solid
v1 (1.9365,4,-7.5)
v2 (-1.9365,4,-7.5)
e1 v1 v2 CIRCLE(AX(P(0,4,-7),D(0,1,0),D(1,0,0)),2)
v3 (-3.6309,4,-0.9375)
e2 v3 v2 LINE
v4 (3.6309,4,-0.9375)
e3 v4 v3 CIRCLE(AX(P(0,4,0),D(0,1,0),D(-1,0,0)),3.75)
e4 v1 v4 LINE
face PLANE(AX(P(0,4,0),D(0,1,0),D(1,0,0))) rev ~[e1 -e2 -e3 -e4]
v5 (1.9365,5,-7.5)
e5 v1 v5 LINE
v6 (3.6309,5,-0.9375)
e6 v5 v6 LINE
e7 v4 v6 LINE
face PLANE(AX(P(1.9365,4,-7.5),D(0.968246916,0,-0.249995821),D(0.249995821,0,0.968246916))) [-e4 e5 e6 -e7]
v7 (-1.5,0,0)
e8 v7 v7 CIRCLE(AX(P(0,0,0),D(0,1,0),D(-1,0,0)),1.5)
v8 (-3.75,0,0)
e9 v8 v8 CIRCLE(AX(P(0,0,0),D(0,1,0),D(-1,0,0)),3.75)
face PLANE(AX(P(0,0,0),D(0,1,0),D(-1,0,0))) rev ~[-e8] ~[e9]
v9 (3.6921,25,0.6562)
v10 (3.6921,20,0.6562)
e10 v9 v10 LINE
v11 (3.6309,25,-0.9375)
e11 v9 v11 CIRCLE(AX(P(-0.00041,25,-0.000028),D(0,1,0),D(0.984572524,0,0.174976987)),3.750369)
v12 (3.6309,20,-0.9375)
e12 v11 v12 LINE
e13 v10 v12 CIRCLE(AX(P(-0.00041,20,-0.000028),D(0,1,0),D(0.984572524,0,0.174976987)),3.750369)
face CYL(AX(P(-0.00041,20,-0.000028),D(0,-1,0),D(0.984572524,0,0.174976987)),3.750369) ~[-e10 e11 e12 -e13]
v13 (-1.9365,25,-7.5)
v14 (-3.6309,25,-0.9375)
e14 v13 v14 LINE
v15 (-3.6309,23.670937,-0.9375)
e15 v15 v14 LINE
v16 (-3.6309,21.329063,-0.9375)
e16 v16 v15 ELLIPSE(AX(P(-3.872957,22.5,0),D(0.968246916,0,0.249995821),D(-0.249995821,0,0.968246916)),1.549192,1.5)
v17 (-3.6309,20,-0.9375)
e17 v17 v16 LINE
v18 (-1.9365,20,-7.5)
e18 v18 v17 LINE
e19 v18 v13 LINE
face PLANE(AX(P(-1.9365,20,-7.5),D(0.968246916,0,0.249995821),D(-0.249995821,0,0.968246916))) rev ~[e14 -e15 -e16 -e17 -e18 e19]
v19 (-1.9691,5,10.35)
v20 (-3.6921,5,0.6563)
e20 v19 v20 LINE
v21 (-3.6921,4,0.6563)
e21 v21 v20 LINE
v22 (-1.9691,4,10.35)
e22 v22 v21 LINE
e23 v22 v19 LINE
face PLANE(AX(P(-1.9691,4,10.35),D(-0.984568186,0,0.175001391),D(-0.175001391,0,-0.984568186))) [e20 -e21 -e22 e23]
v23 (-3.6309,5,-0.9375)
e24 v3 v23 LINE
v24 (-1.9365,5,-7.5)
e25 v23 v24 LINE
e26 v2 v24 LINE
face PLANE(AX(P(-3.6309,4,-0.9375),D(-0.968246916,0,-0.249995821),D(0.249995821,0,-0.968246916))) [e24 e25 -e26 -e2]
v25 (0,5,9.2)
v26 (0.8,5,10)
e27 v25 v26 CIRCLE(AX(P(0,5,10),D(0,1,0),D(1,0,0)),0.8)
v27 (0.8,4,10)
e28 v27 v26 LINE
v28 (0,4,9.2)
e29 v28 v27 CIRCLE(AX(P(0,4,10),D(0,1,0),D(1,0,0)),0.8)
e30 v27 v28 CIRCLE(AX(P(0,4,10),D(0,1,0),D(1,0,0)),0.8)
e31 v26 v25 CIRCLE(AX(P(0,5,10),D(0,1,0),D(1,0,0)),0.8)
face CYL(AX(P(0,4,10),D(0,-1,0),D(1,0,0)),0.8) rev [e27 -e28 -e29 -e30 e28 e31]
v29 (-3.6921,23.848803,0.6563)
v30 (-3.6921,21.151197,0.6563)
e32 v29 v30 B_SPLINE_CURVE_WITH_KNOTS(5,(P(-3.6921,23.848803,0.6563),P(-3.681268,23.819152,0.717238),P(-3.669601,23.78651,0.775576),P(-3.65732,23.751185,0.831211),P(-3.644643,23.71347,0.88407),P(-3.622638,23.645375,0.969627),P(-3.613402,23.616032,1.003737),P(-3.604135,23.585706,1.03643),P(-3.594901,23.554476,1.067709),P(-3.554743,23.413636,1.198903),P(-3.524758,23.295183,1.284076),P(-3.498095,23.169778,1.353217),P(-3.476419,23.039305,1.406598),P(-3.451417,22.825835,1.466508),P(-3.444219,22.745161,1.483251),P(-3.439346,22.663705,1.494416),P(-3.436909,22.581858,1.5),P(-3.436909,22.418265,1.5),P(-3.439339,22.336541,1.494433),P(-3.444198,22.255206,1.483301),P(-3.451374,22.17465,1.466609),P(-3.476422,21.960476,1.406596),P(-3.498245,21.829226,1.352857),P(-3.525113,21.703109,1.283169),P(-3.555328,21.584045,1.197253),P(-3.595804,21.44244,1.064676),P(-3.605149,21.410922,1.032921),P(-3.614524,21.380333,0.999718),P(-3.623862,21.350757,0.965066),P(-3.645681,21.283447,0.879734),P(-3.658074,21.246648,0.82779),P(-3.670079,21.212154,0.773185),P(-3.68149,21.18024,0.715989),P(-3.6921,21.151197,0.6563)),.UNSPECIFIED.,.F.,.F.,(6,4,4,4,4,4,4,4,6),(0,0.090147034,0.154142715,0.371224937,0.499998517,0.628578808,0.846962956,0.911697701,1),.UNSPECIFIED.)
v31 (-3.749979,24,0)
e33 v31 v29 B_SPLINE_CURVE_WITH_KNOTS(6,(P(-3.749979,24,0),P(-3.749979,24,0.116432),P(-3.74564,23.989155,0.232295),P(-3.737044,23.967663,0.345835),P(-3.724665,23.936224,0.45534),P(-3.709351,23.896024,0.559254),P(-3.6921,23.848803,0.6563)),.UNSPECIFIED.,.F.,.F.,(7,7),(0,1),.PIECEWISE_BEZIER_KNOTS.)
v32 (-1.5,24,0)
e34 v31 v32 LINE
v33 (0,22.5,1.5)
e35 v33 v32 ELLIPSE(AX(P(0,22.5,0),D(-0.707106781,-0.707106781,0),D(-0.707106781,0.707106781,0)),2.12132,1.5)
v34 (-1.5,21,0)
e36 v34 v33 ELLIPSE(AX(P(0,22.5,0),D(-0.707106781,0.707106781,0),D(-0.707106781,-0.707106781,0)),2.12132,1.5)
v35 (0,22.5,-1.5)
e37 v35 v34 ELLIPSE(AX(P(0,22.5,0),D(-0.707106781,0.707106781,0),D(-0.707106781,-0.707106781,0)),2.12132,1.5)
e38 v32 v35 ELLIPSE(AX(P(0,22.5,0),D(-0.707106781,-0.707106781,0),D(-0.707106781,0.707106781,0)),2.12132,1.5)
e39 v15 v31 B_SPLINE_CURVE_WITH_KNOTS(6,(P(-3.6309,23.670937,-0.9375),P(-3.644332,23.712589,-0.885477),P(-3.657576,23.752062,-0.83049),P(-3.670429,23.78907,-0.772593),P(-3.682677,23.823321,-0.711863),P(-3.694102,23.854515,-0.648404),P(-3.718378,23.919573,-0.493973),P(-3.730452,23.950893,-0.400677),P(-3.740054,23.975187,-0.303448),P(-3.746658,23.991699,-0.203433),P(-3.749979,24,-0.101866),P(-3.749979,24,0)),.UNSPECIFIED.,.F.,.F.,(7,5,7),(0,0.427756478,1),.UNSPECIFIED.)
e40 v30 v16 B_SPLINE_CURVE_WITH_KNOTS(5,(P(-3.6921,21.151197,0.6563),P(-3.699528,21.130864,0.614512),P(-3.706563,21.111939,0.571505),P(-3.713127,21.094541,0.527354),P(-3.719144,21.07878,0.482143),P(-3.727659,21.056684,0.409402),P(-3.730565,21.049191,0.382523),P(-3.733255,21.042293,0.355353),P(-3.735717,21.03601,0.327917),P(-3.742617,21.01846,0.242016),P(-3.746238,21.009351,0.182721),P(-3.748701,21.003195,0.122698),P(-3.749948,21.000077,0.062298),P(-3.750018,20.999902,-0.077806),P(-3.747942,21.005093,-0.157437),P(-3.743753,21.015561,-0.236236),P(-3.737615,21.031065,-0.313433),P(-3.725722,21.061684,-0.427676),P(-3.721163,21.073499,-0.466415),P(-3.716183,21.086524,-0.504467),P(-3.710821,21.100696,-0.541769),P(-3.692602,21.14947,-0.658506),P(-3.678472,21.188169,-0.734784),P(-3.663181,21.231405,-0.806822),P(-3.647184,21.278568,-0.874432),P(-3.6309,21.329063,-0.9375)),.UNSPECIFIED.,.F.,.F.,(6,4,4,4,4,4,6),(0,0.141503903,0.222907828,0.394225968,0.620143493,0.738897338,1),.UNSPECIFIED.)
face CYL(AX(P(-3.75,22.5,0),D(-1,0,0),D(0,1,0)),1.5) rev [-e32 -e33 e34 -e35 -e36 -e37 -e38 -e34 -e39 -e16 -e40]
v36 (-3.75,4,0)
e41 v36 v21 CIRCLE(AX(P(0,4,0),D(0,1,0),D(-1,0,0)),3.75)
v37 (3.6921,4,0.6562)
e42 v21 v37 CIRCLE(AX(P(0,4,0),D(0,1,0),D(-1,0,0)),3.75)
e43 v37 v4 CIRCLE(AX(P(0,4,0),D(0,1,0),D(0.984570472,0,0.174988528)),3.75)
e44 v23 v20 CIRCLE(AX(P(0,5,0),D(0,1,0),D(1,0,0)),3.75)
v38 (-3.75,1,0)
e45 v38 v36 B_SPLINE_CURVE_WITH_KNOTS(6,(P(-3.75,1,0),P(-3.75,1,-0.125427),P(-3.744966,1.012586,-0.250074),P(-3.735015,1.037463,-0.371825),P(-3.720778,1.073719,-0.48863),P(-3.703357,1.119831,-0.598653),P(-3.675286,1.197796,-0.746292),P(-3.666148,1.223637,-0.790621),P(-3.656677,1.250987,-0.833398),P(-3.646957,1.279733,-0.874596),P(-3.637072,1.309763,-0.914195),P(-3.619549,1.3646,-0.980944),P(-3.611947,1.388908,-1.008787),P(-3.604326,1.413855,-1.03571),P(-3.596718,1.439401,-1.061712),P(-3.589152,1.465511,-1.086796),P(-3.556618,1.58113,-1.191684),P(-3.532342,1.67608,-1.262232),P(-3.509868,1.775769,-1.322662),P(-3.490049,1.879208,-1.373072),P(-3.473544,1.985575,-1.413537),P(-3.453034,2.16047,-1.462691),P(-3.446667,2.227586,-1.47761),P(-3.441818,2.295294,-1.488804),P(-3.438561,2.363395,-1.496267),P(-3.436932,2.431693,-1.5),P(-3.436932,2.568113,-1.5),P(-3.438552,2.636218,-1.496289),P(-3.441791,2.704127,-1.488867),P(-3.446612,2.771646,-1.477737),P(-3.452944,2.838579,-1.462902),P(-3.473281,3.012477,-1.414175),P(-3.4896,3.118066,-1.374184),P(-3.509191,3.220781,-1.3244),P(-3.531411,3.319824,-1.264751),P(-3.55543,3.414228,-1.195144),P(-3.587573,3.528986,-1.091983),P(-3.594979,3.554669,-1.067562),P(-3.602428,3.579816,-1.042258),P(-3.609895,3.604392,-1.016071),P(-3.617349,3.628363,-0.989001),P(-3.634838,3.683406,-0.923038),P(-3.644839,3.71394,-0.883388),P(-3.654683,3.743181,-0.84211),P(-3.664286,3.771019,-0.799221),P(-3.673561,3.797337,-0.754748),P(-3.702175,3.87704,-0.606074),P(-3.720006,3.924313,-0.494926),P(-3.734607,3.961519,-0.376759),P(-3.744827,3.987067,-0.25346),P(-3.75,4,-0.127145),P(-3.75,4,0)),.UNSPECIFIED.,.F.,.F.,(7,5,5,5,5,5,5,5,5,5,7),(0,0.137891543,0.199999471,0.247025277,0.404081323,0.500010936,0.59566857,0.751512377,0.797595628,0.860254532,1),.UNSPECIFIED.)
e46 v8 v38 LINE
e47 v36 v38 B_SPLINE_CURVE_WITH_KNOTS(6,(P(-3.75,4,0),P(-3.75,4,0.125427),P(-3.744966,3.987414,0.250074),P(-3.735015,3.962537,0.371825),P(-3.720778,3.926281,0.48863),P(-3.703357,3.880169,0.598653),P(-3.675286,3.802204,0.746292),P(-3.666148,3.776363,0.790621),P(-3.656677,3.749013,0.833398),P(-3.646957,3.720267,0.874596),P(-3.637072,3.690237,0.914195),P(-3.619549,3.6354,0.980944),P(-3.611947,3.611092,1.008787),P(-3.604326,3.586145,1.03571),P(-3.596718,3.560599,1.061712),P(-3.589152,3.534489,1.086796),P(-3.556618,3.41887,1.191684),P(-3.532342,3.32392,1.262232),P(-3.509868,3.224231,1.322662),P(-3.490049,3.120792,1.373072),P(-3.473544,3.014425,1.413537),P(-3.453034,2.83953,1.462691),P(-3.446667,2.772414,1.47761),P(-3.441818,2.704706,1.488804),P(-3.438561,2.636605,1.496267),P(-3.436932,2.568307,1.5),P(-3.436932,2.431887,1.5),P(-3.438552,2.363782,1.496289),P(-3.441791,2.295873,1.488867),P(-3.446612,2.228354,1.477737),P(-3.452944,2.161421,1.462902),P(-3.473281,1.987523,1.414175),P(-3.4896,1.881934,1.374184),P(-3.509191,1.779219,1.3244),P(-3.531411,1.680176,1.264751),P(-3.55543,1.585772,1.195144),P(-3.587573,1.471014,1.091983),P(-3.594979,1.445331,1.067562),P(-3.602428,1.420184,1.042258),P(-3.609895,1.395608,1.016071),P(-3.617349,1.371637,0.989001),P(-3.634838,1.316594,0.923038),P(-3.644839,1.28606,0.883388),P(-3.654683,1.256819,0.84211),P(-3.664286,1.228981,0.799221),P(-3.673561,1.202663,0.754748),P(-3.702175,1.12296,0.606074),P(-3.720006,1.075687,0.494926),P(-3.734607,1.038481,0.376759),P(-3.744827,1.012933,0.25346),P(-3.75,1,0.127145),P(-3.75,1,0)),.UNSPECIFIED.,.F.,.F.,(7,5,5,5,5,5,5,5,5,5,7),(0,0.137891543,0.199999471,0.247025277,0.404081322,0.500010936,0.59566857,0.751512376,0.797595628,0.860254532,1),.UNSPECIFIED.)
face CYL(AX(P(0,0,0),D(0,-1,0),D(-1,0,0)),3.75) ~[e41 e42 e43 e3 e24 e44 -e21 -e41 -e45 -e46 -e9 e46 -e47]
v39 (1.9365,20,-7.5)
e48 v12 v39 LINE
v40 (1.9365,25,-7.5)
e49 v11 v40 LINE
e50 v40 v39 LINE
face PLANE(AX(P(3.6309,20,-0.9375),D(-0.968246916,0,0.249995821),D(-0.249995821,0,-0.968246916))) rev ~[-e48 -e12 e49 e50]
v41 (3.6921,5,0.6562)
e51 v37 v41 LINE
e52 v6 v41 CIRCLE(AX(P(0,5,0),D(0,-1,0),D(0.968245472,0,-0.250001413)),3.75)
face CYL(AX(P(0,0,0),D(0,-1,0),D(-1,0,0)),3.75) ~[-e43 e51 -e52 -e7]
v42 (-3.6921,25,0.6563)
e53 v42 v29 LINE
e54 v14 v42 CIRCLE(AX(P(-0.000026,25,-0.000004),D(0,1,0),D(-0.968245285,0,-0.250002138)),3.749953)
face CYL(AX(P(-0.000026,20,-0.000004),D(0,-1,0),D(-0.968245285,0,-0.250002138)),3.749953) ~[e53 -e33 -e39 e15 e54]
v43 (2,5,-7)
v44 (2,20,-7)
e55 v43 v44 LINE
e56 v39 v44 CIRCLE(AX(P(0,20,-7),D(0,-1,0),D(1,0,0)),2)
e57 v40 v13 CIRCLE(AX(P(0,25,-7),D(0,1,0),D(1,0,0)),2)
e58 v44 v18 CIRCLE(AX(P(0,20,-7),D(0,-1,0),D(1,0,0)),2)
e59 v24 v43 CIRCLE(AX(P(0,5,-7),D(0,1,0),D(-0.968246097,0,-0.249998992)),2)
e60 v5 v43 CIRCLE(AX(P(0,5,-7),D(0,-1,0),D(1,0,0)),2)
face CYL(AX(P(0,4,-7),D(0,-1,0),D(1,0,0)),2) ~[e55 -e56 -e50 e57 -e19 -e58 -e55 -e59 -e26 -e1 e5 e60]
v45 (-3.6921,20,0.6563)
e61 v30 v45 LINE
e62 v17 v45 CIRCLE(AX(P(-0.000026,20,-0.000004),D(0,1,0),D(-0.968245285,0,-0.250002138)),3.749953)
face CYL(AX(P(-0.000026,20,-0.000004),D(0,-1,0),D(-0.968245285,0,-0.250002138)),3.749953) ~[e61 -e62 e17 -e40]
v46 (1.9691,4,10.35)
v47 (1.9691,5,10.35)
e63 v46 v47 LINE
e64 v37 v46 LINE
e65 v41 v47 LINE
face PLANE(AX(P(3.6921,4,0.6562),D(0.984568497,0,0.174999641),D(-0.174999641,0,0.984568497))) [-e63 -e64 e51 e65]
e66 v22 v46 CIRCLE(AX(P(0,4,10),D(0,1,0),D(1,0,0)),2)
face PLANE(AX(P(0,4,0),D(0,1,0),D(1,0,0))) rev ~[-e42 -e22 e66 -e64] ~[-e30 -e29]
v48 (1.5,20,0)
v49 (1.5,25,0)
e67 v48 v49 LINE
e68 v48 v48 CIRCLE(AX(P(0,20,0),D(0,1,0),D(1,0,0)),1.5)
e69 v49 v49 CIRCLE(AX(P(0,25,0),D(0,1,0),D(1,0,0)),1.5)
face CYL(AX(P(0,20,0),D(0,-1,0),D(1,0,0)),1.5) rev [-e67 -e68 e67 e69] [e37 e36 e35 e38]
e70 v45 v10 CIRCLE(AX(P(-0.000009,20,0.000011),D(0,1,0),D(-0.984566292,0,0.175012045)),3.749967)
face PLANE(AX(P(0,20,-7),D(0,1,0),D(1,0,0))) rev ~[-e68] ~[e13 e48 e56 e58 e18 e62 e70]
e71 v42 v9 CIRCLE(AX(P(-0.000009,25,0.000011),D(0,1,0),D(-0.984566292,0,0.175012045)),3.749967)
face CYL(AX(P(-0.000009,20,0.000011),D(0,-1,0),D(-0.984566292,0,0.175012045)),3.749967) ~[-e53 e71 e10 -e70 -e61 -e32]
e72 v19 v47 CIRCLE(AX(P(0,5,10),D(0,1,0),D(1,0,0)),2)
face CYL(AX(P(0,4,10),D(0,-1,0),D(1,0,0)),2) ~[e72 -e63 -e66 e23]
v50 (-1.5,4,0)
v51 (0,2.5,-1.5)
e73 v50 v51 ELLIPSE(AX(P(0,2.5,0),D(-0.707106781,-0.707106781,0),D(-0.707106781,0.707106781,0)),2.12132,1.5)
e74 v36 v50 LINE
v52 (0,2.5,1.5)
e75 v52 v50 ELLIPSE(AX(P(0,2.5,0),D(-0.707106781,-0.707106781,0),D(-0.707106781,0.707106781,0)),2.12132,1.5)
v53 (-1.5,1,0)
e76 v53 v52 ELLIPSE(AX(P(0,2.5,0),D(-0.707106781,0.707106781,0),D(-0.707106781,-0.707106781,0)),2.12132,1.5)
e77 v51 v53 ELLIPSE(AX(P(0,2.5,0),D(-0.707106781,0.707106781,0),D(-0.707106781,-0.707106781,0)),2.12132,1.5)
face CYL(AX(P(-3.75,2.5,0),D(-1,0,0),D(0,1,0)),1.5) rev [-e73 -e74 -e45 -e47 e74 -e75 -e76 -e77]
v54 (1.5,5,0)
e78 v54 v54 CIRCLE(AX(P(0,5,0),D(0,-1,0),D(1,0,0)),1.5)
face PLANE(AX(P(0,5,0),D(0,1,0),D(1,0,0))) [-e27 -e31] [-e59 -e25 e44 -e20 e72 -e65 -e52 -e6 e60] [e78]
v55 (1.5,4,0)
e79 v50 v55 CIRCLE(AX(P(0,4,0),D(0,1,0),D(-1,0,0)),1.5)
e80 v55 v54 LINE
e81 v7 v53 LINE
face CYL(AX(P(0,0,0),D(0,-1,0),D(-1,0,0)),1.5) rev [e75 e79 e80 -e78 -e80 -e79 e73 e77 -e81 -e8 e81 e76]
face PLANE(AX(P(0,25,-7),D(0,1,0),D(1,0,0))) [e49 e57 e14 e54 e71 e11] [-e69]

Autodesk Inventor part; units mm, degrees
ref_plane "XZ Plane" through (0, 0, 0) normal (0, 1, 0) x (-1, 0, 0)
ref_plane "XY Plane" through (0, 0, 0) normal (0, 0, 1) x (1, 0, 0)
sketch "Sketch1" plane through (0, 0, 0) normal (0, 1, 0) x (-1, 0, 0)
  circle A0 centre (0, 0) radius 3.75
  circle A1 centre (0, 0) radius 1.5
  dimension "d0" = 7.5
  dimension "d1" = 3
extrude "Extrusion1" add sketch "Sketch1" along normal blind 4
sketch "Sketch2" plane through (0, 4, 0) normal (0, 1, 0) x (1, 0, 0)
  circle A0 centre (0, 0) radius 3.75 projected
  circle A1 centre (0, 0) radius 3.75 projected
  line L0 (0, 0) -> (0, 7)
  circle A2 centre (0, 7) radius 2
  line L1 (-3.6309, 0.9375) -> (-1.9365, 7.5)
  line L2 (1.9365, 7.5) -> (3.6309, 0.9375)
  circle A3 centre (0, 0) radius 1.5 projected
  line L3 (0, 0) -> (0, -10)
  circle A4 centre (0, -10) radius 0.8
  circle A5 centre (0, -10) radius 2
  line L4 (-1.9691, -10.35) -> (-3.6921, -0.6563)
  line L5 (3.6921, -0.6562) -> (1.9691, -10.35)
  dimension "d4" = 7
  dimension "d5" = 4
  dimension "d7" = 10
  dimension "d8" = 1.6
  dimension "d9" = 4
extrude "Extrusion2" add sketch "Sketch2" along normal blind 1 contours A0 L3 A3 L0 | A0 L0 A2 L2 | L5 A5 L3 A0 | L0 A3 L3 A0 | A0 L1 A2 L0 | A2 | L3 A5 L4 A0 | A5
extrude "Extrusion3" add sketch "Sketch2" along normal blind 16 contours A2
sketch "Sketch3" plane through (0, 20, -7) normal (0, 1, 0) x (1, 0, 0)
  arc A0 (-3.6921, -7.6563) -> (3.6921, -7.6562) centre (0, -7) ccw projected
  arc A1 (3.6309, -6.0625) -> (-3.6309, -6.0625) centre (0, -7) ccw projected
  arc A2 (-3.6309, -6.0625) -> (-3.6921, -7.6563) centre (0, -7) ccw projected
  arc A3 (3.6921, -7.6562) -> (3.6309, -6.0625) centre (0, -7) ccw projected
  circle A4 centre (0, -7) radius 1.5 projected
  line L0 (-1.9365, 0.5) -> (-3.6309, -6.0625) projected
  line L1 (3.6309, -6.0625) -> (1.9365, 0.5) projected
  circle A5 centre (0, 0) radius 2 projected
extrude "Extrusion4" add sketch "Sketch3" along normal blind 1
extrude "Extrusion5" add sketch "Sketch3" along normal blind 5
ref_plane "Work Plane1" through (-3.75, 20, 0) normal (1, 0, 0) x (0, 1, 0)
sketch "Sketch5" plane through (-3.75, 20, 0) normal (1, 0, 0) x (0, 1, 0)
  line L0 (5, 1.5) -> (5, -1.5) projected
  line L1 (0, -1.5) -> (0, 1.5) projected
  line L2 (-15, 1.5) -> (-15, -1.5) projected
  line L3 (-20, -1.5) -> (-20, 1.5) projected
  line L4 (0, 0) -> (5, 0)
  line L5 (-15, 0) -> (-20, 0)
  circle A0 centre (-17.5, 0) radius 1.5
  circle A1 centre (2.5, 0) radius 1.5
  dimension "d19" = 3
  dimension "d20" = 3
  dimension "d27" = 20
extrude "Extrusion6" cut sketch "Sketch5" along normal up to surface
thread "Thread1" size "M3x0.5" class "6H" standard "ANSI Metric M Profile" full length
thread "Thread2" size "M3x0.5" class "6H" standard "ANSI Metric M Profile" full length
properties part number "steeringYoke3mmShaft" material "Brass, Soft Yellow"
